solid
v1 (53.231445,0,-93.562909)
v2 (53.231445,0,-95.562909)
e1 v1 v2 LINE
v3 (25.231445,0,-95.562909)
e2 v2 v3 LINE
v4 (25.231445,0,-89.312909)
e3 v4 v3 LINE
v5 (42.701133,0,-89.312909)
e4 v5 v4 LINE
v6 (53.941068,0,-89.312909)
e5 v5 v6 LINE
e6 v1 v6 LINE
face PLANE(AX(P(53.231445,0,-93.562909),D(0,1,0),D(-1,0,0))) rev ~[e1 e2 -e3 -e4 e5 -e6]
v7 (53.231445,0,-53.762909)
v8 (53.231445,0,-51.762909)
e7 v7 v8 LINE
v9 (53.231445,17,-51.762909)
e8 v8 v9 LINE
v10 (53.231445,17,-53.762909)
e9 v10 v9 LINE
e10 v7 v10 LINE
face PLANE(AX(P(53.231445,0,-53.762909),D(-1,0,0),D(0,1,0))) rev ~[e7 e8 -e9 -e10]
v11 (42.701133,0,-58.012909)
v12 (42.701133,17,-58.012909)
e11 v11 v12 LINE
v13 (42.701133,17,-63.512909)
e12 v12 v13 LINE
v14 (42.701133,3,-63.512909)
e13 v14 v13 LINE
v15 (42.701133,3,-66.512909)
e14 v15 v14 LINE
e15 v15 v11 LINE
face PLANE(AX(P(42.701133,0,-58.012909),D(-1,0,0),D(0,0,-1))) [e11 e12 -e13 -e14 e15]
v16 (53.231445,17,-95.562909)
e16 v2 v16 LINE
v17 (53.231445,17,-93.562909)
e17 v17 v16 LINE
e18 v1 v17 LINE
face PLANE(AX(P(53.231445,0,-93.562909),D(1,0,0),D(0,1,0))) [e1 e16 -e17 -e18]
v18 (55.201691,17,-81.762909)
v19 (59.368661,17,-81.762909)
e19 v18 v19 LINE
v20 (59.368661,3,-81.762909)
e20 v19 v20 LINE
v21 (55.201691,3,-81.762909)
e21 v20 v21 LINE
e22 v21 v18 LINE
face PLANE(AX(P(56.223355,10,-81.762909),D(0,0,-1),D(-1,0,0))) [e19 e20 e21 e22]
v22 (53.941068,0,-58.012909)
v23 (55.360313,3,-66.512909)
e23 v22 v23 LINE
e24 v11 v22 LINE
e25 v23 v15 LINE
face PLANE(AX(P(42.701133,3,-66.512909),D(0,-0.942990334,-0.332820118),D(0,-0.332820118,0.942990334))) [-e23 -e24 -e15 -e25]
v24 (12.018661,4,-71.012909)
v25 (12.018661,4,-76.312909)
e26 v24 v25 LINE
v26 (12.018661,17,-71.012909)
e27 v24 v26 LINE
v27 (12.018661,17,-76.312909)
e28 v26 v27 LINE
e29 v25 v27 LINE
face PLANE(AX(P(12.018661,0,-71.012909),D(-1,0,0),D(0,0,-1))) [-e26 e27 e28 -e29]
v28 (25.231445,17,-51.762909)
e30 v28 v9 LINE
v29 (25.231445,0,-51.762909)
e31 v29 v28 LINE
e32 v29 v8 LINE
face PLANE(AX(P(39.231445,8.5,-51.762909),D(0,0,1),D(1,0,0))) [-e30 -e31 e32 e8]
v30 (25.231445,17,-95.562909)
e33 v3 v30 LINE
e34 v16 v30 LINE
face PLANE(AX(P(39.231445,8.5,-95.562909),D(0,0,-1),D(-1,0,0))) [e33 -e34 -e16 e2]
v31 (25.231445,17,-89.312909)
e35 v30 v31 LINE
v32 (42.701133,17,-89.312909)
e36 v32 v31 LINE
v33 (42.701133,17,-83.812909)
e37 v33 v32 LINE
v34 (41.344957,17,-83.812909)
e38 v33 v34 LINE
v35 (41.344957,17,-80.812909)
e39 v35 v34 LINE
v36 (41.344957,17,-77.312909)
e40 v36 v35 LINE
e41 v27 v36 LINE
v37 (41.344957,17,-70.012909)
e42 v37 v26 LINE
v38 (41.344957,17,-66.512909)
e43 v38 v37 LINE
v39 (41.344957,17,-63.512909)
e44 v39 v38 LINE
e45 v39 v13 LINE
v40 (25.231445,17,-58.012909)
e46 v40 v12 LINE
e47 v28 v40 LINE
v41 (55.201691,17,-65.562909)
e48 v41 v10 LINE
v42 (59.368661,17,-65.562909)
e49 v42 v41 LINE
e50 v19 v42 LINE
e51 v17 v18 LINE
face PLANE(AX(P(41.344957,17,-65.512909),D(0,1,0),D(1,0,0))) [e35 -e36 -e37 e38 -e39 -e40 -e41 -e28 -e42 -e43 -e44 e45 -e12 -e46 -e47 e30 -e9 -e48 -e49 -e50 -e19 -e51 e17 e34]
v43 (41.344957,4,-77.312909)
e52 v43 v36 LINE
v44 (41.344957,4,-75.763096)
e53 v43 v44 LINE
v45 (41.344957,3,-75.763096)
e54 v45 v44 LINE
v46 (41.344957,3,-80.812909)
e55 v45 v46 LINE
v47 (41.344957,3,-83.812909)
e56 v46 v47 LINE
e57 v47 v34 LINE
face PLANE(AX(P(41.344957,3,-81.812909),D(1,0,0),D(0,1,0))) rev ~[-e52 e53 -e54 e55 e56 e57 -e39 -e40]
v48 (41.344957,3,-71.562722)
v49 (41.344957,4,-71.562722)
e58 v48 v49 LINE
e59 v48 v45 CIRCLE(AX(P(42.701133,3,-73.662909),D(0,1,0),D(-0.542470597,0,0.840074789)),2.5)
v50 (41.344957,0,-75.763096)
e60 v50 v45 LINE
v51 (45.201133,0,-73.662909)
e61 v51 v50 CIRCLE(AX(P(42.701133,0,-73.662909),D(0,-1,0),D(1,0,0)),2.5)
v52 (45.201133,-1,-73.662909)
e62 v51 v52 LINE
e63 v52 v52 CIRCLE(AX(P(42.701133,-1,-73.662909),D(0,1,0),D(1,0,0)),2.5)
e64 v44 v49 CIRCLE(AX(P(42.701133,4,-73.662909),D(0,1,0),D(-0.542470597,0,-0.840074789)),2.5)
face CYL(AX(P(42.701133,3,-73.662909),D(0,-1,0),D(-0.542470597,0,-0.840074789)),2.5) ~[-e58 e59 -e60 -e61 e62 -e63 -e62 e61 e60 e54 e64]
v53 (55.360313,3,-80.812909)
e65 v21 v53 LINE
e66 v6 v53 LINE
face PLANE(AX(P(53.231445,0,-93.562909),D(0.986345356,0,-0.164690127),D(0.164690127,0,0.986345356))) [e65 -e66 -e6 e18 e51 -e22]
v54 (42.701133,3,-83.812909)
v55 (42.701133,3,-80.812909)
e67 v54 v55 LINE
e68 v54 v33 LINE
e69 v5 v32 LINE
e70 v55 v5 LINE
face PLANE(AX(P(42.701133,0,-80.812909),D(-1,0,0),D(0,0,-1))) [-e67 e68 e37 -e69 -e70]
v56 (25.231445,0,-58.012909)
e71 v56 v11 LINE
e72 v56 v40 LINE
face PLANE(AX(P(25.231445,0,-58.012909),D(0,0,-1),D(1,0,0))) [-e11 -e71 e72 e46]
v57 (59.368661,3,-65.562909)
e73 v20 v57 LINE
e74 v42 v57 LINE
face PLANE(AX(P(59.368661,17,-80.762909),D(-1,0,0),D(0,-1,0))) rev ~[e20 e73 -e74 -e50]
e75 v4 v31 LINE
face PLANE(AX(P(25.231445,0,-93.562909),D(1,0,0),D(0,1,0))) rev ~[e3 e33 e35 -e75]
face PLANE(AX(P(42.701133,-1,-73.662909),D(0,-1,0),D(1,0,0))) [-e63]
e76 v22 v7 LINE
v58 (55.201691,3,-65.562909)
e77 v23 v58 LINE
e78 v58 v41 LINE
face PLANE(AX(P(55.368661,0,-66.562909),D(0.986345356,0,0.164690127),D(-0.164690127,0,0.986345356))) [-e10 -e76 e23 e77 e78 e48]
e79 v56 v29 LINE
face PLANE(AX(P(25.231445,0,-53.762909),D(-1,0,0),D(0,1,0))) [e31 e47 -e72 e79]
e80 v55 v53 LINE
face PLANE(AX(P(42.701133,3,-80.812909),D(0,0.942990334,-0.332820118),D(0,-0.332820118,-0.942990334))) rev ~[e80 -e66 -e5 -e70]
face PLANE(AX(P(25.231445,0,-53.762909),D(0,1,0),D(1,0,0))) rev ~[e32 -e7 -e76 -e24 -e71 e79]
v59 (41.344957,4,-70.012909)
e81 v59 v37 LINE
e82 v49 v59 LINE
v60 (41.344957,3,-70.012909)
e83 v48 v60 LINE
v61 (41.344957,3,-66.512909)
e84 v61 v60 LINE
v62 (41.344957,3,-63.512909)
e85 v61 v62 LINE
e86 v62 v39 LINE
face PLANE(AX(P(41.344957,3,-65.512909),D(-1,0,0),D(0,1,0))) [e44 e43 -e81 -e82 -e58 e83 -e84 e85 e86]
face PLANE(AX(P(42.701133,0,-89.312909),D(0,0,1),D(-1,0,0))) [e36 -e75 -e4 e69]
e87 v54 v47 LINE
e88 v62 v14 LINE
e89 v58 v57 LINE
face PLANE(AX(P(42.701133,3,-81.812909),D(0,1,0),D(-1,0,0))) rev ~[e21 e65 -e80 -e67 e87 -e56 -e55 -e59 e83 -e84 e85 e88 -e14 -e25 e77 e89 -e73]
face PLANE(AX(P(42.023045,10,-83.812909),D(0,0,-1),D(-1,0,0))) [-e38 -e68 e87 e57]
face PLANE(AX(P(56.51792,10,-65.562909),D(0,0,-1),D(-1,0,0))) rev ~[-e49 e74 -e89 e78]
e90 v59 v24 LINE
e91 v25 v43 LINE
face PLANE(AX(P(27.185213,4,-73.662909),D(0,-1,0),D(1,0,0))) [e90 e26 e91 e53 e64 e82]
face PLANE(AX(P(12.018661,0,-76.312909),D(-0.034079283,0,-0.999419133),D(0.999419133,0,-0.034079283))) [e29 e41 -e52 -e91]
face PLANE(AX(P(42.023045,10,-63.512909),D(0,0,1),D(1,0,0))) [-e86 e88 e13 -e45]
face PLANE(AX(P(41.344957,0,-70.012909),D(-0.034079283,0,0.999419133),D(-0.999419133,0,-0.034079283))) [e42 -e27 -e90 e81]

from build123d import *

# Parameters (mm, degrees)
BOSS_EXTRUDE1_DEPTH     = 17
SKETCH2_R               = 2.5
BOSS_EXTRUDE2_DEPTH     = 1
CUT_EXTRUDE1_DEPTH      = 3
CUT_EXTRUDE5_DEPTH      = 2
CUT_EXTRUDE5_DEPTH_BACK = 3
SKETCH5_W               = 1.356176493
SKETCH5_H               = 3
CUT_EXTRUDE6_DEPTH      = 3
CUT_EXTRUDE11_DEPTH     = 20
CUT_EXTRUDE12_DEPTH     = 1
SKETCH12_W              = 28
SKETCH12_H              = 17
BOSS_EXTRUDE3_DEPTH     = 2
SKETCH13_W              = 28
SKETCH13_H              = 17
BOSS_EXTRUDE4_DEPTH     = 2
SKETCH14_W              = 1.356176493
SKETCH14_H              = 14
BOSS_EXTRUDE5_DEPTH     = 1
SKETCH15_W              = 1.356176493
SKETCH15_H              = 14
BOSS_EXTRUDE6_DEPTH     = 1
BOSS_EXTRUDE7_DEPTH     = 1
BOSS_EXTRUDE8_DEPTH     = 1
SKETCH18_W              = 1.356176493
SKETCH18_H              = 14
BOSS_EXTRUDE9_DEPTH     = 2
SKETCH19_W              = 1.356176493
SKETCH19_H              = 14
BOSS_EXTRUDE10_DEPTH    = 2


with BuildPart() as part:
    # Sketch1 → Boss-Extrude1 (new body)
    with BuildSketch(Plane(origin=(0, 0, 0), x_dir=(1, 0, 0), z_dir=(0, 1, 0))):
        Polygon((53.231444905, 93.562909441), (55.368661466, 80.762909441), (59.368661466, 80.762909441), (59.368661466, 66.562909441), (55.368661466, 66.562909441), (53.231444905, 53.762909441), (25.231444905, 53.762909441), (25.231444905, 58.012909441), (42.701133317, 58.012909441), (42.701133317, 66.512909441), (41.344956824, 66.512909441), (41.344956824, 70.012909441), (12.018661466, 71.012909441), (12.018661466, 76.312909441), (41.344956824, 77.312909441), (41.344956824, 80.812909441), (42.701133317, 80.812909441), (42.701133317, 89.312909441), (25.231444905, 89.312909441), (25.231444905, 93.562909441), align=None)
    extrude(amount=BOSS_EXTRUDE1_DEPTH)

    # Sketch2 → Boss-Extrude2 (add)
    with BuildSketch(Plane.XZ):
        with Locations((42.701133317, -73.662909441)):
            Circle(SKETCH2_R)
    extrude(amount=BOSS_EXTRUDE2_DEPTH)

    # Sketch3 → Cut-Extrude1 (cut)
    with BuildSketch(Plane(origin=(0, 0, 0), x_dir=(-1, 0, 0), z_dir=(0, -1, 0))):
        with BuildLine():
            Line((-42.701133317, 80.812909441), (-55.368661466, 80.762909441))
            Line((-55.368661466, 80.762909441), (-59.368661466, 80.762909441))
            Line((-59.368661466, 80.762909441), (-59.368661466, 66.562909441))
            Line((-59.368661466, 66.562909441), (-41.344956824, 66.512909441))
            Line((-41.344956824, 66.512909441), (-41.344956824, 70.012909441))
            Line((-41.344956824, 70.012909441), (-41.344956824, 71.562722468))
            ThreePointArc((-41.344956824, 71.562722468), (-45.201133317, 73.662909441), (-41.344956824, 75.763096414))
            Line((-41.344956824, 75.763096414), (-41.344956824, 77.312909441))
            Line((-41.344956824, 77.312909441), (-41.344956824, 80.812909441))
            Line((-41.344956824, 80.812909441), (-42.701133317, 80.812909441))
        make_face()
    extrude(amount=-CUT_EXTRUDE1_DEPTH, mode=Mode.SUBTRACT)

    # Sketch4 → Cut-Extrude5 (cut, two sides)
    with BuildSketch(Plane.XZ) as cut_extrude5_sk:
        with BuildLine():
            Line((12.018661466, -76.312909441), (41.344956824, -77.312909441))
            Line((41.344956824, -77.312909441), (41.344956824, -77.220900459))
            Line((41.344956824, -77.220900459), (41.344956824, -75.763096414))
            ThreePointArc((41.344956824, -75.763096414), (40.201133317, -73.662909441), (41.344956824, -71.562722468))
            Line((41.344956824, -71.562722468), (41.344956824, -70.012909441))
            Line((41.344956824, -70.012909441), (12.018661466, -71.012909441))
            Line((12.018661466, -71.012909441), (12.018661466, -76.312909441))
        make_face()
    extrude(amount=CUT_EXTRUDE5_DEPTH, mode=Mode.SUBTRACT)
    extrude(cut_extrude5_sk.sketch, amount=-CUT_EXTRUDE5_DEPTH_BACK, mode=Mode.SUBTRACT)

    # Sketch5 → Cut-Extrude6 (cut)
    with BuildSketch(Plane.XY.offset(-66.512909441)):
        with Locations((42.023045071, 1.5)):
            Rectangle(SKETCH5_W, SKETCH5_H)
    extrude(amount=-CUT_EXTRUDE6_DEPTH, mode=Mode.SUBTRACT)

    # Sketch7 → Cut-Extrude11 (cut)
    with BuildSketch(Plane.ZY.offset(-42.701133317)):
        Polygon((-66.516671643, 0), (-67.290586566, 0), (-67.290586566, 3), (-66.512909441, 3), (-58.012909441, 0), align=None)
        Polygon((-89.312909441, 0), (-80.812909441, 0), (-79.713237651, 0), (-79.713237651, 3), (-80.812909441, 3), align=None)
    extrude(amount=-CUT_EXTRUDE11_DEPTH, mode=Mode.SUBTRACT)

    # Sketch11 → Cut-Extrude12 (cut)
    with BuildSketch(Plane.XZ.offset(-3)):
        with BuildLine():
            Line((41.344956824, -77.312909441), (41.344956824, -75.763096414))
            ThreePointArc((41.344956824, -75.763096414), (40.201133317, -73.662909441), (41.344956824, -71.562722468))
            Line((41.344956824, -71.562722468), (41.344956824, -70.012909441))
            Line((41.344956824, -70.012909441), (12.018661466, -71.012909441))
            Line((12.018661466, -71.012909441), (12.018661466, -76.312909441))
            Line((12.018661466, -76.312909441), (41.344956824, -77.312909441))
        make_face()
    extrude(amount=-CUT_EXTRUDE12_DEPTH, mode=Mode.SUBTRACT)

    # Sketch12 → Boss-Extrude3 (add)
    with BuildSketch(Plane(origin=(0, 0, -93.562909441), x_dir=(-1, 0, 0), z_dir=(0, 0, -1))):
        with Locations((-39.231444905, 8.5)):
            Rectangle(SKETCH12_W, SKETCH12_H)
    extrude(amount=BOSS_EXTRUDE3_DEPTH)

    # Sketch13 → Boss-Extrude4 (add)
    with BuildSketch(Plane.XY.offset(-53.762909441)):
        with Locations((39.231444905, 8.5)):
            Rectangle(SKETCH13_W, SKETCH13_H)
    extrude(amount=BOSS_EXTRUDE4_DEPTH)

    # Sketch14 → Boss-Extrude5 (add)
    with BuildSketch(Plane.XY.offset(-66.512909441)):
        with Locations((42.023045071, 10)):
            Rectangle(SKETCH14_W, SKETCH14_H)
    extrude(amount=BOSS_EXTRUDE5_DEPTH)

    # Sketch15 → Boss-Extrude6 (add)
    with BuildSketch(Plane(origin=(0, 0, -80.812909441), x_dir=(-1, 0, 0), z_dir=(0, 0, -1))):
        with Locations((-42.023045071, 10)):
            Rectangle(SKETCH15_W, SKETCH15_H)
    extrude(amount=BOSS_EXTRUDE6_DEPTH)

    # Sketch16 → Boss-Extrude7 (add)
    with BuildSketch(Plane.XY.offset(-66.562909441)):
        Polygon((59.368661466, 3), (55.368661466, 3), (53.667179365, 3), (53.667179365, 17), (55.368661466, 17), (59.368661466, 17), align=None)
    extrude(amount=BOSS_EXTRUDE7_DEPTH)

    # Sketch17 → Boss-Extrude8 (add)
    with BuildSketch(Plane(origin=(0, 0, -80.762909441), x_dir=(-1, 0, 0), z_dir=(0, 0, -1))):
        Polygon((-59.368661466, 3), (-55.368661466, 3), (-53.078047716, 3), (-53.078047716, 17), (-55.368661466, 17), (-59.368661466, 17), align=None)
    extrude(amount=BOSS_EXTRUDE8_DEPTH)

    # Sketch18 → Boss-Extrude9 (add)
    with BuildSketch(Plane.XY.offset(-65.512909441)):
        with Locations((42.023045071, 10)):
            Rectangle(SKETCH18_W, SKETCH18_H)
    extrude(amount=BOSS_EXTRUDE9_DEPTH)

    # Sketch19 → Boss-Extrude10 (add)
    with BuildSketch(Plane(origin=(0, 0, -81.812909441), x_dir=(-1, 0, 0), z_dir=(0, 0, -1))):
        with Locations((-42.023045071, 10)):
            Rectangle(SKETCH19_W, SKETCH19_H)
    extrude(amount=BOSS_EXTRUDE10_DEPTH)


solid = part.part
